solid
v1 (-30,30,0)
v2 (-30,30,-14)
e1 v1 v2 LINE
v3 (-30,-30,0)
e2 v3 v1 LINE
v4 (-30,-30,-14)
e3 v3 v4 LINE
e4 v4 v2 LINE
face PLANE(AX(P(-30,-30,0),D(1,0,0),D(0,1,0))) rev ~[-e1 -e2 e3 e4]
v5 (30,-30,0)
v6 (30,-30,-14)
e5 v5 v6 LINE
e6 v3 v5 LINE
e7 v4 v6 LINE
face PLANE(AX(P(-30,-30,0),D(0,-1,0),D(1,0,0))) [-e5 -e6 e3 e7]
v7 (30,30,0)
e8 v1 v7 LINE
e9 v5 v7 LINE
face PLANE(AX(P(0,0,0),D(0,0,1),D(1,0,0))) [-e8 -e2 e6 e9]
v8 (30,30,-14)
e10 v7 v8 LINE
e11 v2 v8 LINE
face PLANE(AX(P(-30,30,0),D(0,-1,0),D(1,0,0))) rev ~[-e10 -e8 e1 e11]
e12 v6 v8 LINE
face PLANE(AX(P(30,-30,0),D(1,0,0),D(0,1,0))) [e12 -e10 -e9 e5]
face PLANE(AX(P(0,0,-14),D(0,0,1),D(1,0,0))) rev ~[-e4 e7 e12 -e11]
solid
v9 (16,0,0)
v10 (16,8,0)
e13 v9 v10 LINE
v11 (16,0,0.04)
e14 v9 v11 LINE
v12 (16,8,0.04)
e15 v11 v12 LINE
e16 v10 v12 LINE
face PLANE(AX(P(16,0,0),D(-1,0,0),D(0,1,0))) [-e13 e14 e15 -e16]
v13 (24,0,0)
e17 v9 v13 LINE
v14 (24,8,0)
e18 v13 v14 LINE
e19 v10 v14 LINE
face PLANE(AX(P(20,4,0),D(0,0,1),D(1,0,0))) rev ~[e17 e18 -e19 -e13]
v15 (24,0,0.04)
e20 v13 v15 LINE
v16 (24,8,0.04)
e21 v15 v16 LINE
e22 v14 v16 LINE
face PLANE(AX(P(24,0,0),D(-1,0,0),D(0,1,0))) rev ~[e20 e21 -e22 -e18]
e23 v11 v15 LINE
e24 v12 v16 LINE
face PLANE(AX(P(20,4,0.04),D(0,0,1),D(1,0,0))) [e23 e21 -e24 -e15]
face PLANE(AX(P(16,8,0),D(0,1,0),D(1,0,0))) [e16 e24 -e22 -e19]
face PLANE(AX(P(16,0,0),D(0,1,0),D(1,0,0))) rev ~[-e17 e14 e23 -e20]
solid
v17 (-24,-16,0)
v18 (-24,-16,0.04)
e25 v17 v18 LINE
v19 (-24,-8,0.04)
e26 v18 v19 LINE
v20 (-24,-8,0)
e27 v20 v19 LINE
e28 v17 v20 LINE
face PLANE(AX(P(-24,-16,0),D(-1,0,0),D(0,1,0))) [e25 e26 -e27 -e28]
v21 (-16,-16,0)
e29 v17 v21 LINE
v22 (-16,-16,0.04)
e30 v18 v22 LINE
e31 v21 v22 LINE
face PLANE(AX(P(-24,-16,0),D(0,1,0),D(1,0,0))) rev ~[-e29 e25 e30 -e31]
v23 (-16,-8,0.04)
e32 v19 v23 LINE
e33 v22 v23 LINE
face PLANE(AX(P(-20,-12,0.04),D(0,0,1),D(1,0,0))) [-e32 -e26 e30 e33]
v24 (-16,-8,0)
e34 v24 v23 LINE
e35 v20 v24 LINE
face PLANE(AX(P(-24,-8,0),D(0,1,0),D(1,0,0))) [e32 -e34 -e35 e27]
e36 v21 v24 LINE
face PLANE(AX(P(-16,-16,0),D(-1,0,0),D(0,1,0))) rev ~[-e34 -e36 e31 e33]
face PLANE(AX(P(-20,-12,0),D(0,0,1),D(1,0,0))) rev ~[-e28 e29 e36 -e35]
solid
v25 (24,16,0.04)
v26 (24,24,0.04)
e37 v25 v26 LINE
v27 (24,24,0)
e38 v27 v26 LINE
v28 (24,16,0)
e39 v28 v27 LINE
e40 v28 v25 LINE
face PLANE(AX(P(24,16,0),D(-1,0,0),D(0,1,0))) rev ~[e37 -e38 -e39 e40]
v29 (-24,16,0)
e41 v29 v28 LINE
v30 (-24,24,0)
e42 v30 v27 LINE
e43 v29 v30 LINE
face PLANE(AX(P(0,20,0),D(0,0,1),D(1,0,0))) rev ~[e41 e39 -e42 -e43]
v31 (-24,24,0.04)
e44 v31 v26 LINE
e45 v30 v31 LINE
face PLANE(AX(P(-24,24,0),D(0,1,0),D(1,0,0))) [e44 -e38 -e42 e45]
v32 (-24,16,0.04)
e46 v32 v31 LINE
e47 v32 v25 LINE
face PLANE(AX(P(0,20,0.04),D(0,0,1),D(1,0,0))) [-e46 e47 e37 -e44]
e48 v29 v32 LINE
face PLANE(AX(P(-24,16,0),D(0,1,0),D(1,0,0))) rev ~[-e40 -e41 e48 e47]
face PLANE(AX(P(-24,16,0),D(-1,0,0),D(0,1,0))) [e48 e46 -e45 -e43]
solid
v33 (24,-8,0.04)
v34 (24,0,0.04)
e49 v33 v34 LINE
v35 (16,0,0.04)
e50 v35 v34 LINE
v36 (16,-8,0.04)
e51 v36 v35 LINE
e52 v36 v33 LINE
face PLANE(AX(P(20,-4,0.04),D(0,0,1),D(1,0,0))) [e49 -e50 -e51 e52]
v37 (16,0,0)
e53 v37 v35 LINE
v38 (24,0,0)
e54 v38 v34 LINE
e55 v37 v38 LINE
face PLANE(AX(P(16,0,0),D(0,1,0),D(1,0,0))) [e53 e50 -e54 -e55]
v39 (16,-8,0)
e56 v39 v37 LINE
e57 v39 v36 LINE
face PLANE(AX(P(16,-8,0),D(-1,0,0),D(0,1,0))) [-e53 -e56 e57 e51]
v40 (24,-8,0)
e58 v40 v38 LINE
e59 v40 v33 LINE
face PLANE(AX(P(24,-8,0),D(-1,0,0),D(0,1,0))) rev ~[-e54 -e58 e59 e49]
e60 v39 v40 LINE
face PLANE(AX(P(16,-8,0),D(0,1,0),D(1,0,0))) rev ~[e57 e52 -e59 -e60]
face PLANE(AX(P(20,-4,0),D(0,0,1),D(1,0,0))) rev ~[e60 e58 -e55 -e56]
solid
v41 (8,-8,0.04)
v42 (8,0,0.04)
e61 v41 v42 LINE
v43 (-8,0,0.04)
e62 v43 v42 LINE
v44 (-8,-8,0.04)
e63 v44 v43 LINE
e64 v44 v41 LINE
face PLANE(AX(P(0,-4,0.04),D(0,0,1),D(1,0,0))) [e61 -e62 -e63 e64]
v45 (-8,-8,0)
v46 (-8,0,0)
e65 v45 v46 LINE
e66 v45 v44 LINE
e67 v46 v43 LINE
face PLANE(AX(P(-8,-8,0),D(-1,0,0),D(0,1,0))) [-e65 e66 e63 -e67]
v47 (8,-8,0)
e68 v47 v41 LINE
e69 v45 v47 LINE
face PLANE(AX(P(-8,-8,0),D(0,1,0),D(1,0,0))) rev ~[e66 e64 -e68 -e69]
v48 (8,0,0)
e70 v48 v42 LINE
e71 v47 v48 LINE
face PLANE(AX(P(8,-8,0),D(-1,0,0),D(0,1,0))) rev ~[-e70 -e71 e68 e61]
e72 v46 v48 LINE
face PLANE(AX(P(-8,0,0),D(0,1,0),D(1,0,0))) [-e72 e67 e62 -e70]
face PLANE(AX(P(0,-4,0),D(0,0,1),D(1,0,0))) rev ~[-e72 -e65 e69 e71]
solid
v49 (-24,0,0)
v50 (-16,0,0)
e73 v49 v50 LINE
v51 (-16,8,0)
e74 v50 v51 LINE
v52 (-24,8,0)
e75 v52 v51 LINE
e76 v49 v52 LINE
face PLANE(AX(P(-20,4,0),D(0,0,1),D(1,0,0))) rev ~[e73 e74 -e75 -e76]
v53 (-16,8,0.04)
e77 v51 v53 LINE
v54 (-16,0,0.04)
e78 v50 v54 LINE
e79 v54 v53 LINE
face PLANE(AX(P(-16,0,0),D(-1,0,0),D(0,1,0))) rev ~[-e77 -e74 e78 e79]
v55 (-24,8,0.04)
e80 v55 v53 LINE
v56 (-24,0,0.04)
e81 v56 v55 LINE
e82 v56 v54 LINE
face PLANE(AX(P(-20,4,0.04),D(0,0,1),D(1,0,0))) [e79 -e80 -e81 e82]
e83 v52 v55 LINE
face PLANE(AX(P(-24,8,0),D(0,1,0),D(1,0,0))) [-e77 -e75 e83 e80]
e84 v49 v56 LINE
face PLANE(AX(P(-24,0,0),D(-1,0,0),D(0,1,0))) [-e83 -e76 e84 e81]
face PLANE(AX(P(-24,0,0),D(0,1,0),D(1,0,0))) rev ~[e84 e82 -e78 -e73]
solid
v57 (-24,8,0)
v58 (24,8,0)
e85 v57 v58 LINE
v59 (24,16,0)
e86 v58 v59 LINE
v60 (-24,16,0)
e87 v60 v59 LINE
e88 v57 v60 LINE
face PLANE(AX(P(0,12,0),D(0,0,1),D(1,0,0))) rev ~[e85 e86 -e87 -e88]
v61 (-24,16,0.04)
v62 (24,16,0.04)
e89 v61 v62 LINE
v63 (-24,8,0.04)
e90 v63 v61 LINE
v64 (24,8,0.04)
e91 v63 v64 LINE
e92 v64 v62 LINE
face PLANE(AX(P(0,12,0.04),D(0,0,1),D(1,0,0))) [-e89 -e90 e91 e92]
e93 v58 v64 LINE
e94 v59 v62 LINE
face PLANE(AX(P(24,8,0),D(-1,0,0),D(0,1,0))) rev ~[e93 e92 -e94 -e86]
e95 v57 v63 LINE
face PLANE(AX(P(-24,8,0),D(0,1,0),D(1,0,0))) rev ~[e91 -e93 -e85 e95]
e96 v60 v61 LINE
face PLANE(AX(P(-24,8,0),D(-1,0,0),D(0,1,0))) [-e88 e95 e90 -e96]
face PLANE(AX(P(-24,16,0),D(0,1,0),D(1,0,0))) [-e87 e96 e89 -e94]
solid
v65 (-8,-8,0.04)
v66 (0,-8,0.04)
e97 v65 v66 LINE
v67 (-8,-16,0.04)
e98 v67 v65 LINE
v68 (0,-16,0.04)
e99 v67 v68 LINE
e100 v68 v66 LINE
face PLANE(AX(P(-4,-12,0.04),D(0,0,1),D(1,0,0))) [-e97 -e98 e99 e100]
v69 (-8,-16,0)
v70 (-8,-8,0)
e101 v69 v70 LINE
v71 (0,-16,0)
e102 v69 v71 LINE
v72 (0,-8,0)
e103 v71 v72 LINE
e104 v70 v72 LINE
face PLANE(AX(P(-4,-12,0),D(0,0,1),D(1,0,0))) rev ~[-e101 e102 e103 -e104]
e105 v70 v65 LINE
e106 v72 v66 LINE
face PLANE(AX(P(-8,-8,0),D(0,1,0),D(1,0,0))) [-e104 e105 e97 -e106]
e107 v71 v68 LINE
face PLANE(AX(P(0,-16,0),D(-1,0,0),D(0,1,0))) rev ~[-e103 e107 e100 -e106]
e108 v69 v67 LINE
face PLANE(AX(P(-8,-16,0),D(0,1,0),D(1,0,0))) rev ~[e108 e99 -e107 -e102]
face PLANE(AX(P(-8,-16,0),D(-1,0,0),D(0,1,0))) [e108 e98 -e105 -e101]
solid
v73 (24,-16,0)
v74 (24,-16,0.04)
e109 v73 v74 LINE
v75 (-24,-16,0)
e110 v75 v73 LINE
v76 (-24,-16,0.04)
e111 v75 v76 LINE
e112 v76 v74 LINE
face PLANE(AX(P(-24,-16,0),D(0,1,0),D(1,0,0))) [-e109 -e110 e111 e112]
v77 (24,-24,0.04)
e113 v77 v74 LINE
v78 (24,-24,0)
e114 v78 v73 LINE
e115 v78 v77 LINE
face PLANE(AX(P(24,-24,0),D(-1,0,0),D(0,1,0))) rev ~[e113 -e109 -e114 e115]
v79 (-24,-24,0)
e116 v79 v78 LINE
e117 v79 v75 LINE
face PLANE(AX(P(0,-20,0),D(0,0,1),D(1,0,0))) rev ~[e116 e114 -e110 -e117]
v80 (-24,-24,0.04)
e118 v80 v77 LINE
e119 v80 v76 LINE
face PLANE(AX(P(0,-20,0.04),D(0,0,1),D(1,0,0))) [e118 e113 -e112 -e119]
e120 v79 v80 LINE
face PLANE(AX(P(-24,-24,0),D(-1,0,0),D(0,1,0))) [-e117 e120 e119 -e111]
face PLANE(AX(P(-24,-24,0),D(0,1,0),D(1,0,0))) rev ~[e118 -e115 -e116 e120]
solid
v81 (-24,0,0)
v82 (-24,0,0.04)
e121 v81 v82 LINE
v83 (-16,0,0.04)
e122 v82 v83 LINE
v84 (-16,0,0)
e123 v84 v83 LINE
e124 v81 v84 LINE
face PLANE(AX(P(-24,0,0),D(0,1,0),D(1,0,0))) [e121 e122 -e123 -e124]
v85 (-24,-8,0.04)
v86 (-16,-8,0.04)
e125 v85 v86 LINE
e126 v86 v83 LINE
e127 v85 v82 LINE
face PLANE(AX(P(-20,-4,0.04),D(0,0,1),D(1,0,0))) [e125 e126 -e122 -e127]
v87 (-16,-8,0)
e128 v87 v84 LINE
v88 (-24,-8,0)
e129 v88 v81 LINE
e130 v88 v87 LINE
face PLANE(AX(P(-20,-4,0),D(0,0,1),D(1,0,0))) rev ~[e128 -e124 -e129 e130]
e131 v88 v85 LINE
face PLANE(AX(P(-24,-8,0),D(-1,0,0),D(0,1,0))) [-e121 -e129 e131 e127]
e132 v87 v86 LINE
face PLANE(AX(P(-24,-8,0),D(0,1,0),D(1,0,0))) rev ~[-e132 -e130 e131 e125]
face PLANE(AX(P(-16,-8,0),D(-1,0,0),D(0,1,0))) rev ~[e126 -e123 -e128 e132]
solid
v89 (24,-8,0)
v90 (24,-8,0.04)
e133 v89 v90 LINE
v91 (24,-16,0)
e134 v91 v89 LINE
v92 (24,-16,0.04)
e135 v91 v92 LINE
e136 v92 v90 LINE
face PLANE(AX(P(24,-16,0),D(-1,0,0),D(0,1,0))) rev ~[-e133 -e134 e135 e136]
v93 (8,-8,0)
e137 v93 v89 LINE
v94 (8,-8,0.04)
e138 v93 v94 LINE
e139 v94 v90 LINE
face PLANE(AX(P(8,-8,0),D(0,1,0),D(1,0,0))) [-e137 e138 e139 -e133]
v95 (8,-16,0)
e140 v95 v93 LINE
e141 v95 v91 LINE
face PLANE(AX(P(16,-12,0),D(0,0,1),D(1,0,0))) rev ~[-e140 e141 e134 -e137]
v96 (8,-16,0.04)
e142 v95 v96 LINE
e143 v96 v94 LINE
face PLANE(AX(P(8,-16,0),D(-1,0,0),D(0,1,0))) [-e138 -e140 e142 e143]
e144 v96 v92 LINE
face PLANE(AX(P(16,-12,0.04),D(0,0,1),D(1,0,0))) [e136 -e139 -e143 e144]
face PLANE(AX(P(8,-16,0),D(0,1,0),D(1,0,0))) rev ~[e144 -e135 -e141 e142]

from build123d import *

# Parameters (mm, degrees)
SKETCH_1_W                     = 60
SKETCH_1_H                     = 60
COPLANAR_SUPPORT60X60X14_DEPTH = 14
SKETCH_2_W                     = 48
SKETCH_2_H                     = 8
ID1_ROW0_DEPTH                 = 0.04
SKETCH_3_W                     = 48
SKETCH_3_H                     = 8
ID1_ROW1_DEPTH                 = 0.04
SKETCH_4_W                     = 8
SKETCH_4_H                     = 8
ID1_ROW2_DEPTH                 = 0.04
ID1_ROW2_2_DEPTH               = 0.04
SKETCH_5_W                     = 8
SKETCH_5_H                     = 8
ID1_ROW3_DEPTH                 = 0.04
SKETCH_5_W_2                   = 16
ID1_ROW3_2_DEPTH               = 0.04
ID1_ROW3_3_DEPTH               = 0.04
SKETCH_6_W                     = 8
SKETCH_6_H                     = 8
ID1_ROW4_DEPTH                 = 0.04
ID1_ROW4_2_DEPTH               = 0.04
SKETCH_6_W_2                   = 16
ID1_ROW4_3_DEPTH               = 0.04
SKETCH_7_W                     = 48
SKETCH_7_H                     = 8
ID1_ROW5_DEPTH                 = 0.04


with BuildPart() as part:
    # 草图1 → Coplanar_support60x60x14 (new body)
    with BuildSketch(Plane.XY):
        Rectangle(SKETCH_1_W, SKETCH_1_H)
    extrude(amount=-COPLANAR_SUPPORT60X60X14_DEPTH)


with BuildPart() as body_2:
    # 草图2 → ID1_row0 (new body)
    with BuildSketch(Plane.XY):
        with Locations((0, 20)):
            Rectangle(SKETCH_2_W, SKETCH_2_H)
    extrude(amount=ID1_ROW0_DEPTH)


with BuildPart() as body_3:
    # 草图3 → ID1_row1 (new body)
    with BuildSketch(Plane.XY):
        with Locations((0, 12)):
            Rectangle(SKETCH_3_W, SKETCH_3_H)
    extrude(amount=ID1_ROW1_DEPTH)


with BuildPart() as body_4:
    # 草图4 → ID1_row2 (new body)
    with BuildSketch(Plane.XY):
        with Locations((-20, 4)):
            Rectangle(SKETCH_4_W, SKETCH_4_H)
    extrude(amount=ID1_ROW2_DEPTH)


with BuildPart() as body_5:
    # 草图4 → ID1_row2 2 (new body)
    with BuildSketch(Plane.XY):
        with Locations((20, 4)):
            Rectangle(SKETCH_4_W, SKETCH_4_H)
    extrude(amount=ID1_ROW2_2_DEPTH)


with BuildPart() as body_6:
    # 草图5 → ID1_row3 (new body)
    with BuildSketch(Plane.XY):
        with Locations((-20, -4)):
            Rectangle(SKETCH_5_W, SKETCH_5_H)
    extrude(amount=ID1_ROW3_DEPTH)


with BuildPart() as body_7:
    # 草图5 → ID1_row3 2 (new body)
    with BuildSketch(Plane.XY):
        with Locations((0, -4)):
            Rectangle(SKETCH_5_W_2, SKETCH_5_H)
    extrude(amount=ID1_ROW3_2_DEPTH)


with BuildPart() as body_8:
    # 草图5 → ID1_row3 3 (new body)
    with BuildSketch(Plane.XY):
        with Locations((20, -4)):
            Rectangle(SKETCH_5_W, SKETCH_5_H)
    extrude(amount=ID1_ROW3_3_DEPTH)


with BuildPart() as body_9:
    # 草图6 → ID1_row4 (new body)
    with BuildSketch(Plane.XY):
        with Locations((-20, -12)):
            Rectangle(SKETCH_6_W, SKETCH_6_H)
    extrude(amount=ID1_ROW4_DEPTH)


with BuildPart() as body_10:
    # 草图6 → ID1_row4 2 (new body)
    with BuildSketch(Plane.XY):
        with Locations((-4, -12)):
            Rectangle(SKETCH_6_W, SKETCH_6_H)
    extrude(amount=ID1_ROW4_2_DEPTH)


with BuildPart() as body_11:
    # 草图6 → ID1_row4 3 (new body)
    with BuildSketch(Plane.XY):
        with Locations((16, -12)):
            Rectangle(SKETCH_6_W_2, SKETCH_6_H)
    extrude(amount=ID1_ROW4_3_DEPTH)


with BuildPart() as body_12:
    # 草图7 → ID1_row5 (new body)
    with BuildSketch(Plane.XY):
        with Locations((0, -20)):
            Rectangle(SKETCH_7_W, SKETCH_7_H)
    extrude(amount=ID1_ROW5_DEPTH)


solid = Compound([part.part, body_2.part, body_3.part, body_4.part, body_5.part, body_6.part, body_7.part, body_8.part, body_9.part, body_10.part, body_11.part, body_12.part])
